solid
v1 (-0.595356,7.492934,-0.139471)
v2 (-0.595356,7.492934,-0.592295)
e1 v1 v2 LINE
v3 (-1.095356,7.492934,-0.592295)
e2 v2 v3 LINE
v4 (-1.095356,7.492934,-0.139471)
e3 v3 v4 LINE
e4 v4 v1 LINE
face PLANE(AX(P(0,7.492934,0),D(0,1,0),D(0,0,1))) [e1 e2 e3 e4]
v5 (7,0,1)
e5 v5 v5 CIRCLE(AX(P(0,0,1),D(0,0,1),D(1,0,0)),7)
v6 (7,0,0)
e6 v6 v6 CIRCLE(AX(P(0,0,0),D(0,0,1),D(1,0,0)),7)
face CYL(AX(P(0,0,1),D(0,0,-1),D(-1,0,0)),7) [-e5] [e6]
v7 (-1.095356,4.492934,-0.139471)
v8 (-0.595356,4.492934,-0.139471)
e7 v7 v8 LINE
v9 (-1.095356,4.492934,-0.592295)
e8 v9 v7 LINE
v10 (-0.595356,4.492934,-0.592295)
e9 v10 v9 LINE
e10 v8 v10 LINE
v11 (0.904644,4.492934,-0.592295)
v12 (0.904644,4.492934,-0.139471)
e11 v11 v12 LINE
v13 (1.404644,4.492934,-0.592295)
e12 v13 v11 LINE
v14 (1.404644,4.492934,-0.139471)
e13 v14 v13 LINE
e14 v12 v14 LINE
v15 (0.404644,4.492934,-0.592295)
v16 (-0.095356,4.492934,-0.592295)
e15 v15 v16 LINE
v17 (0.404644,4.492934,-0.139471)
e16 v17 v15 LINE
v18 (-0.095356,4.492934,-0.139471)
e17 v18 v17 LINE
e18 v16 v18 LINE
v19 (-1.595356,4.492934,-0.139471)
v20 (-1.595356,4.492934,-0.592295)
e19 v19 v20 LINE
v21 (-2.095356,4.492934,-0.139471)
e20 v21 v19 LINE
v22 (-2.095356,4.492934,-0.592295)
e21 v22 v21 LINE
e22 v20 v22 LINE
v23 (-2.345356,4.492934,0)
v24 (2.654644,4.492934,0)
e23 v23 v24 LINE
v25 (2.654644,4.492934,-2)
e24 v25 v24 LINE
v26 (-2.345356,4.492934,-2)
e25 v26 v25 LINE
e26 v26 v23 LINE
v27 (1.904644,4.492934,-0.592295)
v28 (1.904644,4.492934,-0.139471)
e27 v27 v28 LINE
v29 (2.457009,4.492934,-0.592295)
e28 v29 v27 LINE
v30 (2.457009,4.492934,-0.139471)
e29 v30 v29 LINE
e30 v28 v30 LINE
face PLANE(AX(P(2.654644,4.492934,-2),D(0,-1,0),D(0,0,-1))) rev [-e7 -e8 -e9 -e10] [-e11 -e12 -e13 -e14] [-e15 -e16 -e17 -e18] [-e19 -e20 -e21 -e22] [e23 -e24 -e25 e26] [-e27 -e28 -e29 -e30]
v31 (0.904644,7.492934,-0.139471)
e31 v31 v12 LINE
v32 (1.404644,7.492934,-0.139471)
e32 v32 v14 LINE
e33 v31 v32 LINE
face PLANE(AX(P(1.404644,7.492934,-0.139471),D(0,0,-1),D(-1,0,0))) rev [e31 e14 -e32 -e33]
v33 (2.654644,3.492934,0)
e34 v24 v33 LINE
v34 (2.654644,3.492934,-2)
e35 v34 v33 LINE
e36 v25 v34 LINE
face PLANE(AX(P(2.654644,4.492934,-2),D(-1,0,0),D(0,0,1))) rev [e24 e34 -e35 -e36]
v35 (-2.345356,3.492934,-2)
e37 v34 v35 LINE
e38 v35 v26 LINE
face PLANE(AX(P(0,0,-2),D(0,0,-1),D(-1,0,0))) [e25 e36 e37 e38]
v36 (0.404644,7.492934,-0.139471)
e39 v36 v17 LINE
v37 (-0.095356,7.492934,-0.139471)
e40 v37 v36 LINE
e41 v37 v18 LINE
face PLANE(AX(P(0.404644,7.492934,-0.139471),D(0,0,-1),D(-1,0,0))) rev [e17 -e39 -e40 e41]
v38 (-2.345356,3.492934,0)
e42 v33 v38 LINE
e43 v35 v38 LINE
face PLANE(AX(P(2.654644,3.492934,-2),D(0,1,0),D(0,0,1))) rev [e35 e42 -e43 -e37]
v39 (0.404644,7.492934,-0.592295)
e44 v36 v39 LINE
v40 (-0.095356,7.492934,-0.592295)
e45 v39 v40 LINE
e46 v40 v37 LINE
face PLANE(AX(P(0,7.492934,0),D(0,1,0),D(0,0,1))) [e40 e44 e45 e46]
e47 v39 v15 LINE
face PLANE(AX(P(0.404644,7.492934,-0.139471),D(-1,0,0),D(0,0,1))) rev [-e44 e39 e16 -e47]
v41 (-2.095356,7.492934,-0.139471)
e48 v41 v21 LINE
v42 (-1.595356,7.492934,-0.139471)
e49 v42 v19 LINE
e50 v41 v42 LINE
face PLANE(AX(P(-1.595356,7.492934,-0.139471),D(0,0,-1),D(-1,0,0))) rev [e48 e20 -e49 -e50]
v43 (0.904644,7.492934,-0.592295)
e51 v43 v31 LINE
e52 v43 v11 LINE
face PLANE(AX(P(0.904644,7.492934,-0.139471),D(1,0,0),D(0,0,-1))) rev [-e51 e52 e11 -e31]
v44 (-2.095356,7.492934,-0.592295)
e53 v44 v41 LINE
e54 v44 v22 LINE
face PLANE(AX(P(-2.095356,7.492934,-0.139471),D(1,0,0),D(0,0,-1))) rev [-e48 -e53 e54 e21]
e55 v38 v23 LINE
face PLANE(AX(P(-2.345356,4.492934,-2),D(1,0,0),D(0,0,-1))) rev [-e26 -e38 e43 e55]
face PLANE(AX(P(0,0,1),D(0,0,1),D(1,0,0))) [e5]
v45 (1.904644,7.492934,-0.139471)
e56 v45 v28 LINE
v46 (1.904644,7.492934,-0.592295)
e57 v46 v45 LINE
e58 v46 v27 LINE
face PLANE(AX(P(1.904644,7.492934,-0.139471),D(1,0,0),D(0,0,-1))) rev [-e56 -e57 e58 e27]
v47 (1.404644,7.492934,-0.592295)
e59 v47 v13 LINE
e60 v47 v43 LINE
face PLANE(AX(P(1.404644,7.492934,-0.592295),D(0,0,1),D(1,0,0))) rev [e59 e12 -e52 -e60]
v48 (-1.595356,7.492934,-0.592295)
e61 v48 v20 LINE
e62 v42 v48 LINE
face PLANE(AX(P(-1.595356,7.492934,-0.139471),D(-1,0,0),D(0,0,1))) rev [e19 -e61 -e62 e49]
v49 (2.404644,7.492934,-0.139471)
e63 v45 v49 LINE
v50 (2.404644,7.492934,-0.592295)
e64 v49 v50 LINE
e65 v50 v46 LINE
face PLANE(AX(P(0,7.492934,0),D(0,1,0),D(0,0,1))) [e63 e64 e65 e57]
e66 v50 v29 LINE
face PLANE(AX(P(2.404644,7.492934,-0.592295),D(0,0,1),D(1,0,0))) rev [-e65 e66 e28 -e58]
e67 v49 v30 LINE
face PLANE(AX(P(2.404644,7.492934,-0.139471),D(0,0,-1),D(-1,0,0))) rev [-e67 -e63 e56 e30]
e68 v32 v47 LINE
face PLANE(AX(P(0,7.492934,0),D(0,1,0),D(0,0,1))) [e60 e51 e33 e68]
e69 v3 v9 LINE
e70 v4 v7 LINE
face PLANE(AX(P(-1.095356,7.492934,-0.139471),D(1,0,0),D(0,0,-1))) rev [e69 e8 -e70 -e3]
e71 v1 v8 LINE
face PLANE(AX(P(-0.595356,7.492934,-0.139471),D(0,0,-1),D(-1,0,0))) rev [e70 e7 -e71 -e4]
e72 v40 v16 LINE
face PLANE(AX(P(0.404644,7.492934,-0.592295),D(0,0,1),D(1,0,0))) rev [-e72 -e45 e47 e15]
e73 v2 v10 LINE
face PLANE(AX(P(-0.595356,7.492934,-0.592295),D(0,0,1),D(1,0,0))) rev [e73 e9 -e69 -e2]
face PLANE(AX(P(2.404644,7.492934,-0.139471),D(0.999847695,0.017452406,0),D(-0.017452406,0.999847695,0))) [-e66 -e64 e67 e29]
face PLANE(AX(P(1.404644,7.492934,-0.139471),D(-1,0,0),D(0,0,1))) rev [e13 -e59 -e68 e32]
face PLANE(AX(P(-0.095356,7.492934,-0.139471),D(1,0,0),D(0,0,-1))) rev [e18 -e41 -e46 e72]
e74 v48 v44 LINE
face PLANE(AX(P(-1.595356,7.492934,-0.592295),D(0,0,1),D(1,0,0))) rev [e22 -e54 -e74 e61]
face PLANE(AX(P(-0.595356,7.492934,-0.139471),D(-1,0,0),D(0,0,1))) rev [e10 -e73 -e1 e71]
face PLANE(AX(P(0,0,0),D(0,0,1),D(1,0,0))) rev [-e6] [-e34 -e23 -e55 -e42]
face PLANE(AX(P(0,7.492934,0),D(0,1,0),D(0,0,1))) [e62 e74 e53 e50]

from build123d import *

# Parameters (mm, degrees)
SKETCH1_R           = 7
BOSS_EXTRUDE1_DEPTH = 1
SKETCH2_W           = 5
SKETCH2_H           = 1
BOSS_EXTRUDE2_DEPTH = 2
SKETCH3_W           = 0.5
SKETCH3_H           = 0.452823542
BOSS_EXTRUDE3_DEPTH = 3
DRAFT9_ANGLE        = 1


with BuildPart() as part:
    # Sketch1 → Boss-Extrude1 (new body)
    with BuildSketch(Plane.XY):
        Circle(SKETCH1_R)
    extrude(amount=BOSS_EXTRUDE1_DEPTH)

    # Sketch2 → Boss-Extrude2 (add)
    with BuildSketch(Plane(origin=(0, 0, 0), x_dir=(-1, 0, 0), z_dir=(0, 0, -1))):
        with Locations((-0.154644107, 3.992933826)):
            Rectangle(SKETCH2_W, SKETCH2_H)
    extrude(amount=BOSS_EXTRUDE2_DEPTH)

    # Sketch3 → Boss-Extrude3 (add)
    with BuildSketch(Plane(origin=(0, 4.492933826, 0), x_dir=(1, 0, 0), z_dir=(0, 1, 0))):
        with Locations((1.154644107, 0.365882794)):
            Rectangle(SKETCH3_W, SKETCH3_H)
        with Locations((2.154644107, 0.365882794)):
            Rectangle(SKETCH3_W, SKETCH3_H)
        with Locations((0.154644107, 0.365882794)):
            Rectangle(SKETCH3_W, SKETCH3_H)
        with Locations((-0.845355893, 0.365882794)):
            Rectangle(SKETCH3_W, SKETCH3_H)
        with Locations((-1.845355893, 0.365882794)):
            Rectangle(SKETCH3_W, SKETCH3_H)
    extrude(amount=BOSS_EXTRUDE3_DEPTH)

    # Draft9
    draft9_faces = [part.faces().sort_by_distance(p)[0] for p in [
        (2.404644107, 5.992933826, -0.365882794),
    ]]
    draft(draft9_faces, Plane.ZX.offset(7.492933826), DRAFT9_ANGLE)


solid = part.part
